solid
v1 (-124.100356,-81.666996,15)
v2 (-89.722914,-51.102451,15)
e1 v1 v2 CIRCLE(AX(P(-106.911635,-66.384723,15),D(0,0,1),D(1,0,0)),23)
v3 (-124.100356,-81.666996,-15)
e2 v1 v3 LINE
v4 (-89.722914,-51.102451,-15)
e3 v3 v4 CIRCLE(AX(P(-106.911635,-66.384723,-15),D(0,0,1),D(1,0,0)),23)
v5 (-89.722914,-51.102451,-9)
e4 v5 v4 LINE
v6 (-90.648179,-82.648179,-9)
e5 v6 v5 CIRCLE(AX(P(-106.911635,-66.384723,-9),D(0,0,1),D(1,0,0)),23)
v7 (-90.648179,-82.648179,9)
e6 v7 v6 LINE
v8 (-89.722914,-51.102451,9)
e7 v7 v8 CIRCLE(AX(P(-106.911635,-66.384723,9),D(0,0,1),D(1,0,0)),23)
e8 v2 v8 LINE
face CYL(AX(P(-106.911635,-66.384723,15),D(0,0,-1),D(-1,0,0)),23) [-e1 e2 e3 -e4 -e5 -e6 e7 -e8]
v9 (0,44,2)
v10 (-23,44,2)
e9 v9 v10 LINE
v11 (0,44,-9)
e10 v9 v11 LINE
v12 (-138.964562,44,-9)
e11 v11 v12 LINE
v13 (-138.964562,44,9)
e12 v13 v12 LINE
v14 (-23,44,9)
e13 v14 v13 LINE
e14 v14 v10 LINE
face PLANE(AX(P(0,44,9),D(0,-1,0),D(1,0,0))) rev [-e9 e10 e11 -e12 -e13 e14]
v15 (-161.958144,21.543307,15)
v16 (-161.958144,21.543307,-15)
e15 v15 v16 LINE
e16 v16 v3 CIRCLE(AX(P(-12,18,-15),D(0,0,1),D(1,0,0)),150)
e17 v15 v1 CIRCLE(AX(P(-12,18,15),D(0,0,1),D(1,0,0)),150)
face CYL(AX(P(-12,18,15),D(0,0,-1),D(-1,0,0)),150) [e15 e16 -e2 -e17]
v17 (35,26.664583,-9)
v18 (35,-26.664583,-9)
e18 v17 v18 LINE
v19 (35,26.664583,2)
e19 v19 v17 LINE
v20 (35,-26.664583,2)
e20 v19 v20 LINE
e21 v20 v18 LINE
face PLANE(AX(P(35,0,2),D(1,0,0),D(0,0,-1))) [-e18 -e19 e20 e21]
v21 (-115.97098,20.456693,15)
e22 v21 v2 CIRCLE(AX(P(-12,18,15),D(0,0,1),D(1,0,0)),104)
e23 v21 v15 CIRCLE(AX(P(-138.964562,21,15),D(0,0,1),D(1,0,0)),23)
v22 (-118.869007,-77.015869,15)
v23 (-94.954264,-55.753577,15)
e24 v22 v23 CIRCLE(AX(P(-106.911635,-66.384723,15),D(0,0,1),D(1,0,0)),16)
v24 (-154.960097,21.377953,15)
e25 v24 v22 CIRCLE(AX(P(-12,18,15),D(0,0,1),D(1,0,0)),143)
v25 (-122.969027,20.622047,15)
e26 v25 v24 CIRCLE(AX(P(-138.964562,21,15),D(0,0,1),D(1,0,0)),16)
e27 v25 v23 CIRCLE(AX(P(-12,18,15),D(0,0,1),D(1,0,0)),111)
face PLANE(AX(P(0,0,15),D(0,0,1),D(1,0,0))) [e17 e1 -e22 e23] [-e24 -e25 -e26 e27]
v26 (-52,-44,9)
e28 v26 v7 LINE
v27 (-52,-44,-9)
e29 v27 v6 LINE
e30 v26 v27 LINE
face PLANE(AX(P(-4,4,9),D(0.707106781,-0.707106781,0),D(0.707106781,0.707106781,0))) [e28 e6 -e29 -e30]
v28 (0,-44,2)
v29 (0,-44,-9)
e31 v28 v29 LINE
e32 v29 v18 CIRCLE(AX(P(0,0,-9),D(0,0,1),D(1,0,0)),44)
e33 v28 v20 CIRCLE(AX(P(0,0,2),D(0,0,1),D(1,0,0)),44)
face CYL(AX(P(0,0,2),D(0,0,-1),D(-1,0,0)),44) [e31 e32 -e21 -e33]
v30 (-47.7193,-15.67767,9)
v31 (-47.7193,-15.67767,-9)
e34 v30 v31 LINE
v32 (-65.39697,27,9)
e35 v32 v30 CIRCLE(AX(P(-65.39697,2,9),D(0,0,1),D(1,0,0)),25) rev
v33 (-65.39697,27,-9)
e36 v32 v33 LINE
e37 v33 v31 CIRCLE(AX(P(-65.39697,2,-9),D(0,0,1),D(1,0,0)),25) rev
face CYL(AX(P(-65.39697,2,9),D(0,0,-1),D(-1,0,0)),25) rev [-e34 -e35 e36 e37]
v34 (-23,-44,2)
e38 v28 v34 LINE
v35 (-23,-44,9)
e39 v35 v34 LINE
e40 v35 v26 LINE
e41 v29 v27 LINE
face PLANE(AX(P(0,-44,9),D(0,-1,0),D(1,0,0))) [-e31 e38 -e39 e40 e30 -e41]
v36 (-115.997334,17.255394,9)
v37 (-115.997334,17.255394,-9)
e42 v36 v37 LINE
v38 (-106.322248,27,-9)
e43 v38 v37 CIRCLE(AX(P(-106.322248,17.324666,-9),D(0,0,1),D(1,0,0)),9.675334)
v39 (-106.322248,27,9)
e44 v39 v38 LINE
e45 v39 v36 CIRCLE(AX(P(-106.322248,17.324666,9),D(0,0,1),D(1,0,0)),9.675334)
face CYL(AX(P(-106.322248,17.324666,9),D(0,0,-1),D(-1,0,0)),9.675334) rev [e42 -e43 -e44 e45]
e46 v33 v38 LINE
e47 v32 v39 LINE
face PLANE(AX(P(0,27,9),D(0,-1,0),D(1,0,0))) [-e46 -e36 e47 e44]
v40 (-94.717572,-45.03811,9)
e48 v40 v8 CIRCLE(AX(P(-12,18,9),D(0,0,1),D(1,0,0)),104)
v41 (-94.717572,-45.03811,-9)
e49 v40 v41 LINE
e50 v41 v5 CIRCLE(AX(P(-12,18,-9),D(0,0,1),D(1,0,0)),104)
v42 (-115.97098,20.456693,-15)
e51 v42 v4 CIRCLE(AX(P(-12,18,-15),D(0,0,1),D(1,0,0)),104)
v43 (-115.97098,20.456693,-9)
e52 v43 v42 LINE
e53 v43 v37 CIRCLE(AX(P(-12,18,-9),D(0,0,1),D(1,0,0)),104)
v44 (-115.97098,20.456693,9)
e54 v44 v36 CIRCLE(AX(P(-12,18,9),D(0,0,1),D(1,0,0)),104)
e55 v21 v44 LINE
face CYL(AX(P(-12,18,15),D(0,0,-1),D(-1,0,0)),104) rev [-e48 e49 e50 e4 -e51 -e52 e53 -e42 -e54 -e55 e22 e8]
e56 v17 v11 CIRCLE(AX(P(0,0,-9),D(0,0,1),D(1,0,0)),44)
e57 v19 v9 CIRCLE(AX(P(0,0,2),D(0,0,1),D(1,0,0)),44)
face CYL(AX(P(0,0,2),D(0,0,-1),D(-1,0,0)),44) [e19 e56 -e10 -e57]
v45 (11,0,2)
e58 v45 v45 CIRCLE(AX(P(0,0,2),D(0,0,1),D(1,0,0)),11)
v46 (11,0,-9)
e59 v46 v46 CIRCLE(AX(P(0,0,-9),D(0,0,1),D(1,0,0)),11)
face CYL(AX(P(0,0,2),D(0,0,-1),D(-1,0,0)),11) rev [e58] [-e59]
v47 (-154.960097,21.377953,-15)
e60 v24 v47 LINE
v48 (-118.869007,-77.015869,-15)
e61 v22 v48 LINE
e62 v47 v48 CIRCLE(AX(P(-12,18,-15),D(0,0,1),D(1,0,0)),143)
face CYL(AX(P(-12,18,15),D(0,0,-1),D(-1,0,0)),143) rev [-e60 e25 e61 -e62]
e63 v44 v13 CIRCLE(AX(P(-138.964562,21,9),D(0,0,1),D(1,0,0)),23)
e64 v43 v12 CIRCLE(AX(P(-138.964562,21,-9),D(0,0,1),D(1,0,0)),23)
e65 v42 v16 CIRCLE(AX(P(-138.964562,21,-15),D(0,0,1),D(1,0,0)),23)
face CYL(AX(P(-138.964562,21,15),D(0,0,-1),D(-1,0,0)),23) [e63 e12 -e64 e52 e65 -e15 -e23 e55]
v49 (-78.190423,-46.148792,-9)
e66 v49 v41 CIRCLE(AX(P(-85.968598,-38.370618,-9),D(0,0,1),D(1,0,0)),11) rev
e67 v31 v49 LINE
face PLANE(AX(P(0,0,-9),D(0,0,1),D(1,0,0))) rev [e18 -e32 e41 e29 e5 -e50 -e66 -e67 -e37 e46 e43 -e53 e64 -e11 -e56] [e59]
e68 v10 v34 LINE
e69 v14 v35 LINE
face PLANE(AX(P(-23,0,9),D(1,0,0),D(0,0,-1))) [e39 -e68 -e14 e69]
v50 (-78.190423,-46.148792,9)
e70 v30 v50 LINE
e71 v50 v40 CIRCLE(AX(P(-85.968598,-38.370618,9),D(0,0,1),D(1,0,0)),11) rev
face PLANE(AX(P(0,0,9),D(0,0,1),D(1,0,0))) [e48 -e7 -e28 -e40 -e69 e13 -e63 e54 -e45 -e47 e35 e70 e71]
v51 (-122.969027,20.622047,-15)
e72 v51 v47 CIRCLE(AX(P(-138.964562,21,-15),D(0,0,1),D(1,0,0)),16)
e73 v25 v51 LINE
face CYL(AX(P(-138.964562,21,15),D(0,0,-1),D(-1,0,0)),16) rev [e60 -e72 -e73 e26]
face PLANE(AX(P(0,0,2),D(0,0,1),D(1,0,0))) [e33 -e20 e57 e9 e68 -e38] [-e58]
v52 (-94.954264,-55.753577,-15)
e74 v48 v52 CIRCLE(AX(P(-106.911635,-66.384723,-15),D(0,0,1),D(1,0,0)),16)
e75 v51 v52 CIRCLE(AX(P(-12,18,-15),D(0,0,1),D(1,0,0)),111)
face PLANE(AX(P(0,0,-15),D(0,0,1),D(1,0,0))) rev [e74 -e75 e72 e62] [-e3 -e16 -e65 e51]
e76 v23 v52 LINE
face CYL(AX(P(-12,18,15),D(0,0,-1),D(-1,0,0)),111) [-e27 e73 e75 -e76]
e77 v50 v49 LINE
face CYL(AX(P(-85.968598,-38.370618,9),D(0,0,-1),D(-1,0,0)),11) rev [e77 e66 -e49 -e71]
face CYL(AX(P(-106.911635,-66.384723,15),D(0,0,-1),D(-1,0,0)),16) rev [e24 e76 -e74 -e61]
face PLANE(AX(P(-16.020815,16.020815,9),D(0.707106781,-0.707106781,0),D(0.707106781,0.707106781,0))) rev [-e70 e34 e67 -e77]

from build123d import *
from build123d.topology import SkipClean

# Parameters (mm, degrees)
BOSS_EXTRUDE1_DEPTH = 15
BOSS_EXTRUDE2_DEPTH = 9
BOSS_EXTRUDE3_START = -3.5
SKETCH1_4_R         = 11
BOSS_EXTRUDE3_DEPTH = 5.5


with BuildPart() as part:
    # Sketch1 → Boss-Extrude1 (new, symmetric)
    with BuildSketch(Plane.XY):
        with BuildLine():
            ThreePointArc((-124.10035648, -81.666995927), (-107.585956399, -89.374836112), (-90.648179186, -82.648179186))
            ThreePointArc((-90.648179186, -82.648179186), (-83.921522259, -67.059044464), (-89.722913826, -51.102450509))
            ThreePointArc((-89.722913826, -51.102450509), (-92.277527324, -48.11746068), (-94.717571561, -45.038110339))
            ThreePointArc((-94.717571561, -45.038110339), (-110.416127663, -15.619426166), (-115.997334395, 17.255393583))
            ThreePointArc((-115.997334395, 17.255393583), (-115.99647598, 18.856144662), (-115.970979893, 20.456692913))
            ThreePointArc((-115.970979893, 20.456692913), (-122.51013913, 37.070219927), (-138.964561985, 44))
            ThreePointArc((-138.964561985, 44), (-155.034781912, 37.454422855), (-161.958144077, 21.543307087))
            ThreePointArc((-161.958144077, 21.543307087), (-152.82526794, -33.65504728), (-124.10035648, -81.666995927))
        make_face()
        with BuildLine():
            ThreePointArc((-118.869006511, -77.01586945), (-146.253422103, -31.244478407), (-154.960097353, 21.377952756))
            ThreePointArc((-154.960097353, 21.377952756), (-138.586609229, 36.995535368), (-122.969026617, 20.622047244))
            ThreePointArc((-122.969026617, 20.622047244), (-116.210698276, -20.224734987), (-94.954263795, -55.753576986))
            ThreePointArc((-94.954263795, -55.753576986), (-96.280488921, -78.342094576), (-118.869006511, -77.01586945))
        make_face(mode=Mode.SUBTRACT)
    extrude(amount=BOSS_EXTRUDE1_DEPTH, both=True)

    # Sketch1<3> → Boss-Extrude2 (add, symmetric)
    with SkipClean():  # the faces are left unmerged after this step: merging them gives an invalid solid
        with BuildSketch(Plane.XY):
            with BuildLine():
                Line((-52, -44), (-23, -44))
                Line((-23, -44), (-23, 44))
                Line((-23, 44), (-138.964561985, 44))
                ThreePointArc((-138.964561985, 44), (-122.51013913, 37.070219927), (-115.970979893, 20.456692913))
                ThreePointArc((-115.970979893, 20.456692913), (-115.99647598, 18.856144662), (-115.997334395, 17.255393583))
                ThreePointArc((-115.997334395, 17.255393583), (-113.188190384, 24.141624797), (-106.322248233, 27))
                Line((-106.322248233, 27), (-65.39696962, 27))
                ThreePointArc((-65.39696962, 27), (-42.299981307, 11.567085809), (-47.71930009, -15.67766953))
                Line((-47.71930009, -15.67766953), (-78.190423053, -46.148792492))
                ThreePointArc((-78.190423053, -46.148792492), (-86.706172416, -49.345862018), (-94.717571561, -45.038110339))
                ThreePointArc((-94.717571561, -45.038110339), (-92.277527324, -48.11746068), (-89.722913826, -51.102450509))
                ThreePointArc((-89.722913826, -51.102450509), (-83.921522259, -67.059044464), (-90.648179186, -82.648179186))
                Line((-90.648179186, -82.648179186), (-52, -44))
            make_face()
        extrude(amount=BOSS_EXTRUDE2_DEPTH, both=True)

    # Sketch1<4> → Boss-Extrude3 (add, symmetric)
    with SkipClean():  # the faces are left unmerged after this step: merging them gives an invalid solid
        with BuildSketch(Plane.XY.offset(BOSS_EXTRUDE3_START)):
            with BuildLine():
                Line((-23, -44), (0, -44))
                ThreePointArc((0, -44), (19.528931575, -39.428680317), (35, -26.664583252))
                Line((35, -26.664583252), (35, 26.664583252))
                ThreePointArc((35, 26.664583252), (19.528931575, 39.428680317), (0, 44))
                Line((0, 44), (-23, 44))
                Line((-23, 44), (-23, -44))
            make_face()
            Circle(SKETCH1_4_R, mode=Mode.SUBTRACT)
        extrude(amount=BOSS_EXTRUDE3_DEPTH, both=True)


solid = part.part
